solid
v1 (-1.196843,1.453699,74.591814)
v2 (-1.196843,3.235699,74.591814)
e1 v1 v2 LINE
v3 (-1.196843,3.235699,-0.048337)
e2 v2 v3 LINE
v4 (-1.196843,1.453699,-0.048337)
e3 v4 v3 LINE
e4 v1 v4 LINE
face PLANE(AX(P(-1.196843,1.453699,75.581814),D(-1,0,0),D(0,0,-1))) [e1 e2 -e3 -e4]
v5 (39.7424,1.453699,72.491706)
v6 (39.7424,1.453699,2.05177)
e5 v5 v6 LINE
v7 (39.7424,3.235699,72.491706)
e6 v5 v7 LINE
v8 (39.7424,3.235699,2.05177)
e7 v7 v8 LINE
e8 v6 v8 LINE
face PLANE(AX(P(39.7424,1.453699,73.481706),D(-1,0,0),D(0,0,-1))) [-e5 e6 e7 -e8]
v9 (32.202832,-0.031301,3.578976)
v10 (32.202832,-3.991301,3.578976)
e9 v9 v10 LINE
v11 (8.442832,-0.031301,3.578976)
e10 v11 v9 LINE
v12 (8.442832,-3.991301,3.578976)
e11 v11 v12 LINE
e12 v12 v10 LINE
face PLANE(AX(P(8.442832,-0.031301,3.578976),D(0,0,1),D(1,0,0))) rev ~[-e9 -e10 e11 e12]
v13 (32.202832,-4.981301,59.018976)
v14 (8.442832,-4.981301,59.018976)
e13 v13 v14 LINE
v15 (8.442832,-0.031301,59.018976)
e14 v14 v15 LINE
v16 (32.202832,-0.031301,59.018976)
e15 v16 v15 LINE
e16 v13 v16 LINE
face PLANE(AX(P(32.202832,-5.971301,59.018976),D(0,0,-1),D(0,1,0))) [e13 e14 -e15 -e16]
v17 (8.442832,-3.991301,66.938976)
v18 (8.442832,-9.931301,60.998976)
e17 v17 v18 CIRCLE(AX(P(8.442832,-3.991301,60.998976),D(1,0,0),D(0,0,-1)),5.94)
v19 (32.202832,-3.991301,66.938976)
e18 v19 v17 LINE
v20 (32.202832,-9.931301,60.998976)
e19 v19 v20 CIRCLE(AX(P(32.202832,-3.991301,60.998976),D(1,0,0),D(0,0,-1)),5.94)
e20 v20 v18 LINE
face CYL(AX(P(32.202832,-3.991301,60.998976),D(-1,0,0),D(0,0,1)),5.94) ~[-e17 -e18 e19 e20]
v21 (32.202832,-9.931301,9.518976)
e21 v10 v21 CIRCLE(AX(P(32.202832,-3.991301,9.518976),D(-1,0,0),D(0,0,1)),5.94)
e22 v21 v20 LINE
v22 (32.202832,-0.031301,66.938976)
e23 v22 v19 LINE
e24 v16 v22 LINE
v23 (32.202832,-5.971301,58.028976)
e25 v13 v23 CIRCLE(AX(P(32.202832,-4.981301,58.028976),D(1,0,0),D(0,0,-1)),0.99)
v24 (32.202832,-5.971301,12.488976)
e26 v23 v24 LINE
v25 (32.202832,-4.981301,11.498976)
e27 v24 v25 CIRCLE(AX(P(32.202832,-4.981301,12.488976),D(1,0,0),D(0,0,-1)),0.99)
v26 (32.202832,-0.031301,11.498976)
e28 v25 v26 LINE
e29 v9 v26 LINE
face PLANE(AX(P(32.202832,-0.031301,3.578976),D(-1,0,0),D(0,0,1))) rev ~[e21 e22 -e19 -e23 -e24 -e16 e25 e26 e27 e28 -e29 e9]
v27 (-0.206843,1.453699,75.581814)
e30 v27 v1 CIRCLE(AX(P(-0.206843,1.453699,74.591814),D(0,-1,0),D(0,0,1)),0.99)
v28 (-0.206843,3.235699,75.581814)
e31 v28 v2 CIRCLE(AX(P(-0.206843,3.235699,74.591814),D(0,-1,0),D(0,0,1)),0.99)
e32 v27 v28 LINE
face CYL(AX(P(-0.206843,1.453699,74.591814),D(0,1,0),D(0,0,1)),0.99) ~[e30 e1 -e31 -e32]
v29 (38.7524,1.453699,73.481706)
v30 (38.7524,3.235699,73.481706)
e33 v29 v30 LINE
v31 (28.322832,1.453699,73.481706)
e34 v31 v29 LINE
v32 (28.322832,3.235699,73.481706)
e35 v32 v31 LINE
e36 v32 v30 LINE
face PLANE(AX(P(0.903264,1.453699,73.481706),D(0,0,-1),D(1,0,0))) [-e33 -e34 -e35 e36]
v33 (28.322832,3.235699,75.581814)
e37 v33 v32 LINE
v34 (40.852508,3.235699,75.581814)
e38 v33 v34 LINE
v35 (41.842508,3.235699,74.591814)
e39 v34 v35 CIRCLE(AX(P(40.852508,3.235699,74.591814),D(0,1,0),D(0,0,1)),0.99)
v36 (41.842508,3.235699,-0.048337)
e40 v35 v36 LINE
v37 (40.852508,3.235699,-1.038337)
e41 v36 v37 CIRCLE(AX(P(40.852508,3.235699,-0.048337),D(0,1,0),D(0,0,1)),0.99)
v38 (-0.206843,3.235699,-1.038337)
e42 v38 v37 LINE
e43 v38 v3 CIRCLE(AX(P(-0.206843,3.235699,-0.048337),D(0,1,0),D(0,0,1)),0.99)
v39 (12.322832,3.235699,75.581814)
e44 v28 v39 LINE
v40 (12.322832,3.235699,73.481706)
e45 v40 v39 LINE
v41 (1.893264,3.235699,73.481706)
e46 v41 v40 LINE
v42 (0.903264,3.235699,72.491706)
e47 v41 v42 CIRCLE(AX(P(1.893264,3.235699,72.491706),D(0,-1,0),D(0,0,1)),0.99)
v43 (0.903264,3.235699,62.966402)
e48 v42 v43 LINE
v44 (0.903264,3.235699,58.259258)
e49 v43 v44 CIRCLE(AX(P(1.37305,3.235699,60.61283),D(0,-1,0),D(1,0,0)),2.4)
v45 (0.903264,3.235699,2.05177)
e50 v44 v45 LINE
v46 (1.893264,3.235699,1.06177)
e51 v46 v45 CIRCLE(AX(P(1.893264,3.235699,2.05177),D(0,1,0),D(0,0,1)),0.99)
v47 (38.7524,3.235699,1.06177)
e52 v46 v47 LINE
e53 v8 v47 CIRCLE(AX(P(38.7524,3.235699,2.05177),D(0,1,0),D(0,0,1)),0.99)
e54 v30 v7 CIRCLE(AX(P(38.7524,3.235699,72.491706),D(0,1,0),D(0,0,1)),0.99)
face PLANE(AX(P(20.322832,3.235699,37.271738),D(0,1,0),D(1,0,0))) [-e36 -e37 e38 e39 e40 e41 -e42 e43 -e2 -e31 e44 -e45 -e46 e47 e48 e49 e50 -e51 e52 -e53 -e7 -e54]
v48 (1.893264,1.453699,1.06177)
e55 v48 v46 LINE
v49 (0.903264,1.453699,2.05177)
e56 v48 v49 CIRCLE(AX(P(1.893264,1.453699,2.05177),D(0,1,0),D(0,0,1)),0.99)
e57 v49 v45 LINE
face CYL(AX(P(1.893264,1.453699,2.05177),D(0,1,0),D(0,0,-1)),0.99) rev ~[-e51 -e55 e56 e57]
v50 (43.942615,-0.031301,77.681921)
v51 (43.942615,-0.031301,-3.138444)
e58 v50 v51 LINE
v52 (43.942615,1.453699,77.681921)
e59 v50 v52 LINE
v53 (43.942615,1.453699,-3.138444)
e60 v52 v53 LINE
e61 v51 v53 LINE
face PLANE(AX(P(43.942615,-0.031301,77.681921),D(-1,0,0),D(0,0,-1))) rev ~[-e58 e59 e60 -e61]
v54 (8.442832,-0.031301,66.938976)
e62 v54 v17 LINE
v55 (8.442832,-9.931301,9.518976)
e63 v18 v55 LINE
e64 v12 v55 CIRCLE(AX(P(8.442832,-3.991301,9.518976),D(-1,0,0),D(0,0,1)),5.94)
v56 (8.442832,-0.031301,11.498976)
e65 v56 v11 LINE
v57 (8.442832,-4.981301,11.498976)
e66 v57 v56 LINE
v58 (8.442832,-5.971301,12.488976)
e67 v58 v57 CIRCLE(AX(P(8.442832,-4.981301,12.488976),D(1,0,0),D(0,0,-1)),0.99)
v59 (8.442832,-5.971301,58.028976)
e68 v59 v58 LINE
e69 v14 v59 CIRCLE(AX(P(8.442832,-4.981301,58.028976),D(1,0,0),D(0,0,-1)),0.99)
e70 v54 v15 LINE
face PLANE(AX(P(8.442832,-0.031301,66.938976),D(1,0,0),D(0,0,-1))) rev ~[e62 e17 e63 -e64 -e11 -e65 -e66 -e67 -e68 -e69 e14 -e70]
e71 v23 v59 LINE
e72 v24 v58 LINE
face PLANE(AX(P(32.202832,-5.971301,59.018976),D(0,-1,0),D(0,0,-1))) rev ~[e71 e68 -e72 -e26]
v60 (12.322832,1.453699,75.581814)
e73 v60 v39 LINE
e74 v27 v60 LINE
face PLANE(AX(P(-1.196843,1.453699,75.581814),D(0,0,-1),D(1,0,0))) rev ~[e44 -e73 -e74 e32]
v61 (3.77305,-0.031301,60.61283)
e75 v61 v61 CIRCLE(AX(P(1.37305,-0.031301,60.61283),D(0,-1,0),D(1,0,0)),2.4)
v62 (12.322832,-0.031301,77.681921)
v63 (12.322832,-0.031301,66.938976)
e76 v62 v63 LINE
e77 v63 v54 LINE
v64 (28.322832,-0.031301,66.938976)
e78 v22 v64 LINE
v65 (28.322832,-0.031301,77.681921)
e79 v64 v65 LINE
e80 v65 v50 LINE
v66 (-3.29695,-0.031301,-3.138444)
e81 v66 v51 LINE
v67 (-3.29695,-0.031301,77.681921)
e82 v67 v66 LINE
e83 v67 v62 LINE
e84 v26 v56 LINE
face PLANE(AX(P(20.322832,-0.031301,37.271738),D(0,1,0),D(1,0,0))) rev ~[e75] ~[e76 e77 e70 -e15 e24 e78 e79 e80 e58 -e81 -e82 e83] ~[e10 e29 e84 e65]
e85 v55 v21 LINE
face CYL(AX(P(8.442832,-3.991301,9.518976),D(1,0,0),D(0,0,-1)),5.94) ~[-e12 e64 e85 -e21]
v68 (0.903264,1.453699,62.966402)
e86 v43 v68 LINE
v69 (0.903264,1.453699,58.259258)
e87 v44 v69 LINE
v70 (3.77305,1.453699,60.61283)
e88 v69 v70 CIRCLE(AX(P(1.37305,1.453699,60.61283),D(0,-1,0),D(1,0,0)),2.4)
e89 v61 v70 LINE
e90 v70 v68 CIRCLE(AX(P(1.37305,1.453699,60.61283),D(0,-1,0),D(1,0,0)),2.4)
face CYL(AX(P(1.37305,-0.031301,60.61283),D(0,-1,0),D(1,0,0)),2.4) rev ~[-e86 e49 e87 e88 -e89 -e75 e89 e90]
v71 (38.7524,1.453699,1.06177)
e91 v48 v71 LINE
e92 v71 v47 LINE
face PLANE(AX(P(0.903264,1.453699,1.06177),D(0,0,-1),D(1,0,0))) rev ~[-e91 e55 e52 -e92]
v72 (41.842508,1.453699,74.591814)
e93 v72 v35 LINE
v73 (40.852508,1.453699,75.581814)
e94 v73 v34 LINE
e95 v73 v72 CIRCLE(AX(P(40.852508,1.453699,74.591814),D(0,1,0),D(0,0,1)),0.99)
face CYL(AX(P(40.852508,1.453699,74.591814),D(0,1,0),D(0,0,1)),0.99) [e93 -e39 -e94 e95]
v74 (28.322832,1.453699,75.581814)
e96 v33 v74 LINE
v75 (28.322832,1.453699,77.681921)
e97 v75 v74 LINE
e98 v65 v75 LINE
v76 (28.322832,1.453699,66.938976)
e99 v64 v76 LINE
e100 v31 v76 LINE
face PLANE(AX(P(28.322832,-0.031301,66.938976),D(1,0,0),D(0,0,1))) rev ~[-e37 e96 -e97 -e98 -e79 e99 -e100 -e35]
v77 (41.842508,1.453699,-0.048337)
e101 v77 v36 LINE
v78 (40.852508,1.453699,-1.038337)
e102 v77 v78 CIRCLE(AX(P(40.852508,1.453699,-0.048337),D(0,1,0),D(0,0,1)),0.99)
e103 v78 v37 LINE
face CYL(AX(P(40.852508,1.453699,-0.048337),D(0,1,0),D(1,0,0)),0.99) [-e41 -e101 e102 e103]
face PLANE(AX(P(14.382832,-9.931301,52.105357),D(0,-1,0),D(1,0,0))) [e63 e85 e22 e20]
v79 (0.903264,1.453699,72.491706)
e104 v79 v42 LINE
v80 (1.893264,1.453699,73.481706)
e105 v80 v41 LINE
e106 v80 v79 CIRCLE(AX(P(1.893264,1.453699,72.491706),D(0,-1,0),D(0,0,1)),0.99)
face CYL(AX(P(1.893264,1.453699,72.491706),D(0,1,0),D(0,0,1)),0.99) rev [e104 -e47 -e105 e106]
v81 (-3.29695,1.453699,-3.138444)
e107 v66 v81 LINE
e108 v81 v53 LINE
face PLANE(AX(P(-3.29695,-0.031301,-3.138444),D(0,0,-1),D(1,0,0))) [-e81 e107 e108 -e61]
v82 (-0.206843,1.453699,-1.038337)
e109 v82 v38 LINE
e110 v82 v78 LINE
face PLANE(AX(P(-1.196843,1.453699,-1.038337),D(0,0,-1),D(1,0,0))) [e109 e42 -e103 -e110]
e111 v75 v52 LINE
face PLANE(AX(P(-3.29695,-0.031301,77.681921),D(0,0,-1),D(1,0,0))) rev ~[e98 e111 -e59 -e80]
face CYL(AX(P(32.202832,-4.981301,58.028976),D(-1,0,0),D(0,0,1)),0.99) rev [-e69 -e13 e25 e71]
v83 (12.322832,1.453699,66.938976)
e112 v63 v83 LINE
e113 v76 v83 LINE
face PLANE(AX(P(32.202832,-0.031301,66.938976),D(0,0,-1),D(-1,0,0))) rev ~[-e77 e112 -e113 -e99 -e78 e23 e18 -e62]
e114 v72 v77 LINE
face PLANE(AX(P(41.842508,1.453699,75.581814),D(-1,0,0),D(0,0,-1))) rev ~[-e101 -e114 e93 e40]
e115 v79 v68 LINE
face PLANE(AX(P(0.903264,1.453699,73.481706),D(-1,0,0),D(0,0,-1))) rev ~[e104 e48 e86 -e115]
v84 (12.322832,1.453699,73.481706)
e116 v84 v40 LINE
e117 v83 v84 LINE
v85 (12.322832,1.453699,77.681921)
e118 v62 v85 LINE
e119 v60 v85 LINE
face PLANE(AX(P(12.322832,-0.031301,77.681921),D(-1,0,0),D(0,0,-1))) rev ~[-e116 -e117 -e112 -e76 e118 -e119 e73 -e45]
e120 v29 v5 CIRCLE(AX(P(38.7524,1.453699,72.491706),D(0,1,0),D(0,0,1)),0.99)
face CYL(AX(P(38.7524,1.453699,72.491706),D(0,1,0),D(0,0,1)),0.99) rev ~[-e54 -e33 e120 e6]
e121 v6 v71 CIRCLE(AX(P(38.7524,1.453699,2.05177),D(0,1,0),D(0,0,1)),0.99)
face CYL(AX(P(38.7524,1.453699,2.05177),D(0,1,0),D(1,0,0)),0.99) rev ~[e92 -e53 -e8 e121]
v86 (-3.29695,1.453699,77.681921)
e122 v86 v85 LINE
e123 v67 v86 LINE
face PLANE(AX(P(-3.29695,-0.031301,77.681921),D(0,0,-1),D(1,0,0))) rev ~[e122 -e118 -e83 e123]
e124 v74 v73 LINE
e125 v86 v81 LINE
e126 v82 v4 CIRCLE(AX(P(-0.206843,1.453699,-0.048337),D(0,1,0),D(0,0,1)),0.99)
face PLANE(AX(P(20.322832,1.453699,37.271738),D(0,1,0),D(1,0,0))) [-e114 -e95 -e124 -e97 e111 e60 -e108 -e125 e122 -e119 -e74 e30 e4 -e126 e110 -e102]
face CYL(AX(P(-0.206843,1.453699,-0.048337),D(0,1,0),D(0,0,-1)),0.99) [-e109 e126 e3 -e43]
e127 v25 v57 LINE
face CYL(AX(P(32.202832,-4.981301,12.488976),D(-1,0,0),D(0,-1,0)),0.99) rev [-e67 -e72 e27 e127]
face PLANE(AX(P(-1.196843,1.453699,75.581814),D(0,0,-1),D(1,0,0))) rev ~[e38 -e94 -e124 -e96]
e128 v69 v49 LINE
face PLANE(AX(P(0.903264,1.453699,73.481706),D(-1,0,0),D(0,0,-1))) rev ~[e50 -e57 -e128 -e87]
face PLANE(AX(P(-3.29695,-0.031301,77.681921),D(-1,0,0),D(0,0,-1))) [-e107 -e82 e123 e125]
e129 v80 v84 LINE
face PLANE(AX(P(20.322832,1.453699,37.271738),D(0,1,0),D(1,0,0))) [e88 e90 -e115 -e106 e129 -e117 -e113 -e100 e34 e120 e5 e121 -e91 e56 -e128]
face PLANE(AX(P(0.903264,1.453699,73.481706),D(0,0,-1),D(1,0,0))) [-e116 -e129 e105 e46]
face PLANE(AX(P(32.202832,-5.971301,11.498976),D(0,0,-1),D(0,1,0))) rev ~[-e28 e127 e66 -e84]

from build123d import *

# Parameters (mm, degrees)
PCB_DIMENSIONS_W    = 47.716732244
PCB_DIMENSIONS_H    = 81.636732244
BOSS_EXTRUDE3_DEPTH = 1.5
SKETCH5_W           = 43.474091557
SKETCH5_H           = 77.394091557
SKETCH5_W_2         = 39.23145087
SKETCH5_H_2         = 73.15145087
BOSS_EXTRUDE4_DEPTH = 1.8
FILLET1_R           = 1
SKETCH6_W           = 12
SKETCH6_H           = 29.966906412
SKETCH6_H_2         = 34.033093588
BOSS_EXTRUDE5_DEPTH = 10
SKETCH7_W           = 48
SKETCH7_H           = 6
CUT_EXTRUDE1_DEPTH  = 24
FILLET2_R           = 6
FILLET3_R           = 1
SCALE1_SCALE        = 0.99
CUT_EXTRUDE2_DEPTH  = 10
SKETCH9_R           = 2.4
CUT_EXTRUDE3_DEPTH  = 10


with BuildPart() as part:
    # PCB Dimensions → Boss-Extrude3 (new body)
    with BuildSketch(Plane(origin=(0, 0, 0), x_dir=(1, 0, 0), z_dir=(0, 1, 0))):
        with Locations((20.322832216, -37.282832216)):
            Rectangle(PCB_DIMENSIONS_W, PCB_DIMENSIONS_H)
    extrude(amount=BOSS_EXTRUDE3_DEPTH)

    # Sketch5 → Boss-Extrude4 (add)
    with BuildSketch(Plane(origin=(0, 1.5, 0), x_dir=(1, 0, 0), z_dir=(0, 1, 0))):
        with Locations((20.322832217, -37.282832217)):
            Rectangle(SKETCH5_W, SKETCH5_H)
        with Locations((20.322832216, -37.282832216)):
            Rectangle(SKETCH5_W_2, SKETCH5_H_2, mode=Mode.SUBTRACT)
    extrude(amount=BOSS_EXTRUDE4_DEPTH)

    # Fillet1
    fillet1_edges = [part.edges().sort_by_distance(p)[0] for p in [
        (-1.414213562, 2.4, -1.414213562),
        (-1.414213562, 2.4, 75.979877995),
        (42.059877995, 2.4, 75.979877995),
        (42.059877995, 2.4, -1.414213562),
        (0.707106781, 2.4, 0.707106781),
        (0.707106781, 2.4, 73.858557651),
        (39.938557651, 2.4, 73.858557651),
        (39.938557651, 2.4, 0.707106781),
    ]]
    fillet(fillet1_edges, radius=FILLET1_R)

    # Sketch6 → Boss-Extrude5 (add)
    with BuildSketch(Plane.XZ):
        with Locations((14.322832216, 52.266285422)):
            Rectangle(SKETCH6_W, SKETCH6_H)
        with Locations((26.322832216, 52.266285422)):
            Rectangle(SKETCH6_W, SKETCH6_H)
        with Locations((14.322832216, 20.266285422)):
            Rectangle(SKETCH6_W, SKETCH6_H_2)
        with Locations((26.322832216, 20.266285422)):
            Rectangle(SKETCH6_W, SKETCH6_H_2)
    extrude(amount=BOSS_EXTRUDE5_DEPTH)

    # Sketch7 → Cut-Extrude1 (cut)
    with BuildSketch(Plane(origin=(32.322832216, 0, 0), x_dir=(0, 0, -1), z_dir=(1, 0, 0))):
        with Locations((-35.249738628, -3)):
            Rectangle(SKETCH7_W, SKETCH7_H)
    extrude(amount=-CUT_EXTRUDE1_DEPTH, mode=Mode.SUBTRACT)

    # Fillet2
    fillet2_edges = [part.edges().sort_by_distance(p)[0] for p in [
        (20.322832216, -10, 67.249738628),
        (20.322832216, -10, 3.249738628),
    ]]
    fillet(fillet2_edges, radius=FILLET2_R)

    # Fillet3
    fillet3_edges = [part.edges().sort_by_distance(p)[0] for p in [
        (20.322832216, -6, 59.249738628),
        (20.322832216, -6, 11.249738628),
    ]]
    fillet(fillet3_edges, radius=FILLET3_R)


with BuildPart() as part_1:
    # Scale1: scaled about (20.322832216, -3.130115188, 36.173441116)
    add(part.part.scale(SCALE1_SCALE).moved(Location((0.203228322, -0.031301152, 0.361734411))))

    # Sketch8 → Cut-Extrude2 (cut)
    with BuildSketch(Plane.XZ.offset(0.031301152)):
        Polygon((20.322832216, 77.681920766), (12.322832216, 77.681920766), (12.322832216, 66.938975653), (28.322832216, 66.938975653), (28.322832216, 77.681920766), align=None)
    extrude(amount=-CUT_EXTRUDE2_DEPTH, mode=Mode.SUBTRACT)

    # Sketch9 → Cut-Extrude3 (cut)
    with BuildSketch(Plane.XZ.offset(0.031301152)):
        with Locations((1.373049755, 60.612830152)):
            Circle(SKETCH9_R)
    extrude(amount=-CUT_EXTRUDE3_DEPTH, mode=Mode.SUBTRACT)


solid = part_1.part
